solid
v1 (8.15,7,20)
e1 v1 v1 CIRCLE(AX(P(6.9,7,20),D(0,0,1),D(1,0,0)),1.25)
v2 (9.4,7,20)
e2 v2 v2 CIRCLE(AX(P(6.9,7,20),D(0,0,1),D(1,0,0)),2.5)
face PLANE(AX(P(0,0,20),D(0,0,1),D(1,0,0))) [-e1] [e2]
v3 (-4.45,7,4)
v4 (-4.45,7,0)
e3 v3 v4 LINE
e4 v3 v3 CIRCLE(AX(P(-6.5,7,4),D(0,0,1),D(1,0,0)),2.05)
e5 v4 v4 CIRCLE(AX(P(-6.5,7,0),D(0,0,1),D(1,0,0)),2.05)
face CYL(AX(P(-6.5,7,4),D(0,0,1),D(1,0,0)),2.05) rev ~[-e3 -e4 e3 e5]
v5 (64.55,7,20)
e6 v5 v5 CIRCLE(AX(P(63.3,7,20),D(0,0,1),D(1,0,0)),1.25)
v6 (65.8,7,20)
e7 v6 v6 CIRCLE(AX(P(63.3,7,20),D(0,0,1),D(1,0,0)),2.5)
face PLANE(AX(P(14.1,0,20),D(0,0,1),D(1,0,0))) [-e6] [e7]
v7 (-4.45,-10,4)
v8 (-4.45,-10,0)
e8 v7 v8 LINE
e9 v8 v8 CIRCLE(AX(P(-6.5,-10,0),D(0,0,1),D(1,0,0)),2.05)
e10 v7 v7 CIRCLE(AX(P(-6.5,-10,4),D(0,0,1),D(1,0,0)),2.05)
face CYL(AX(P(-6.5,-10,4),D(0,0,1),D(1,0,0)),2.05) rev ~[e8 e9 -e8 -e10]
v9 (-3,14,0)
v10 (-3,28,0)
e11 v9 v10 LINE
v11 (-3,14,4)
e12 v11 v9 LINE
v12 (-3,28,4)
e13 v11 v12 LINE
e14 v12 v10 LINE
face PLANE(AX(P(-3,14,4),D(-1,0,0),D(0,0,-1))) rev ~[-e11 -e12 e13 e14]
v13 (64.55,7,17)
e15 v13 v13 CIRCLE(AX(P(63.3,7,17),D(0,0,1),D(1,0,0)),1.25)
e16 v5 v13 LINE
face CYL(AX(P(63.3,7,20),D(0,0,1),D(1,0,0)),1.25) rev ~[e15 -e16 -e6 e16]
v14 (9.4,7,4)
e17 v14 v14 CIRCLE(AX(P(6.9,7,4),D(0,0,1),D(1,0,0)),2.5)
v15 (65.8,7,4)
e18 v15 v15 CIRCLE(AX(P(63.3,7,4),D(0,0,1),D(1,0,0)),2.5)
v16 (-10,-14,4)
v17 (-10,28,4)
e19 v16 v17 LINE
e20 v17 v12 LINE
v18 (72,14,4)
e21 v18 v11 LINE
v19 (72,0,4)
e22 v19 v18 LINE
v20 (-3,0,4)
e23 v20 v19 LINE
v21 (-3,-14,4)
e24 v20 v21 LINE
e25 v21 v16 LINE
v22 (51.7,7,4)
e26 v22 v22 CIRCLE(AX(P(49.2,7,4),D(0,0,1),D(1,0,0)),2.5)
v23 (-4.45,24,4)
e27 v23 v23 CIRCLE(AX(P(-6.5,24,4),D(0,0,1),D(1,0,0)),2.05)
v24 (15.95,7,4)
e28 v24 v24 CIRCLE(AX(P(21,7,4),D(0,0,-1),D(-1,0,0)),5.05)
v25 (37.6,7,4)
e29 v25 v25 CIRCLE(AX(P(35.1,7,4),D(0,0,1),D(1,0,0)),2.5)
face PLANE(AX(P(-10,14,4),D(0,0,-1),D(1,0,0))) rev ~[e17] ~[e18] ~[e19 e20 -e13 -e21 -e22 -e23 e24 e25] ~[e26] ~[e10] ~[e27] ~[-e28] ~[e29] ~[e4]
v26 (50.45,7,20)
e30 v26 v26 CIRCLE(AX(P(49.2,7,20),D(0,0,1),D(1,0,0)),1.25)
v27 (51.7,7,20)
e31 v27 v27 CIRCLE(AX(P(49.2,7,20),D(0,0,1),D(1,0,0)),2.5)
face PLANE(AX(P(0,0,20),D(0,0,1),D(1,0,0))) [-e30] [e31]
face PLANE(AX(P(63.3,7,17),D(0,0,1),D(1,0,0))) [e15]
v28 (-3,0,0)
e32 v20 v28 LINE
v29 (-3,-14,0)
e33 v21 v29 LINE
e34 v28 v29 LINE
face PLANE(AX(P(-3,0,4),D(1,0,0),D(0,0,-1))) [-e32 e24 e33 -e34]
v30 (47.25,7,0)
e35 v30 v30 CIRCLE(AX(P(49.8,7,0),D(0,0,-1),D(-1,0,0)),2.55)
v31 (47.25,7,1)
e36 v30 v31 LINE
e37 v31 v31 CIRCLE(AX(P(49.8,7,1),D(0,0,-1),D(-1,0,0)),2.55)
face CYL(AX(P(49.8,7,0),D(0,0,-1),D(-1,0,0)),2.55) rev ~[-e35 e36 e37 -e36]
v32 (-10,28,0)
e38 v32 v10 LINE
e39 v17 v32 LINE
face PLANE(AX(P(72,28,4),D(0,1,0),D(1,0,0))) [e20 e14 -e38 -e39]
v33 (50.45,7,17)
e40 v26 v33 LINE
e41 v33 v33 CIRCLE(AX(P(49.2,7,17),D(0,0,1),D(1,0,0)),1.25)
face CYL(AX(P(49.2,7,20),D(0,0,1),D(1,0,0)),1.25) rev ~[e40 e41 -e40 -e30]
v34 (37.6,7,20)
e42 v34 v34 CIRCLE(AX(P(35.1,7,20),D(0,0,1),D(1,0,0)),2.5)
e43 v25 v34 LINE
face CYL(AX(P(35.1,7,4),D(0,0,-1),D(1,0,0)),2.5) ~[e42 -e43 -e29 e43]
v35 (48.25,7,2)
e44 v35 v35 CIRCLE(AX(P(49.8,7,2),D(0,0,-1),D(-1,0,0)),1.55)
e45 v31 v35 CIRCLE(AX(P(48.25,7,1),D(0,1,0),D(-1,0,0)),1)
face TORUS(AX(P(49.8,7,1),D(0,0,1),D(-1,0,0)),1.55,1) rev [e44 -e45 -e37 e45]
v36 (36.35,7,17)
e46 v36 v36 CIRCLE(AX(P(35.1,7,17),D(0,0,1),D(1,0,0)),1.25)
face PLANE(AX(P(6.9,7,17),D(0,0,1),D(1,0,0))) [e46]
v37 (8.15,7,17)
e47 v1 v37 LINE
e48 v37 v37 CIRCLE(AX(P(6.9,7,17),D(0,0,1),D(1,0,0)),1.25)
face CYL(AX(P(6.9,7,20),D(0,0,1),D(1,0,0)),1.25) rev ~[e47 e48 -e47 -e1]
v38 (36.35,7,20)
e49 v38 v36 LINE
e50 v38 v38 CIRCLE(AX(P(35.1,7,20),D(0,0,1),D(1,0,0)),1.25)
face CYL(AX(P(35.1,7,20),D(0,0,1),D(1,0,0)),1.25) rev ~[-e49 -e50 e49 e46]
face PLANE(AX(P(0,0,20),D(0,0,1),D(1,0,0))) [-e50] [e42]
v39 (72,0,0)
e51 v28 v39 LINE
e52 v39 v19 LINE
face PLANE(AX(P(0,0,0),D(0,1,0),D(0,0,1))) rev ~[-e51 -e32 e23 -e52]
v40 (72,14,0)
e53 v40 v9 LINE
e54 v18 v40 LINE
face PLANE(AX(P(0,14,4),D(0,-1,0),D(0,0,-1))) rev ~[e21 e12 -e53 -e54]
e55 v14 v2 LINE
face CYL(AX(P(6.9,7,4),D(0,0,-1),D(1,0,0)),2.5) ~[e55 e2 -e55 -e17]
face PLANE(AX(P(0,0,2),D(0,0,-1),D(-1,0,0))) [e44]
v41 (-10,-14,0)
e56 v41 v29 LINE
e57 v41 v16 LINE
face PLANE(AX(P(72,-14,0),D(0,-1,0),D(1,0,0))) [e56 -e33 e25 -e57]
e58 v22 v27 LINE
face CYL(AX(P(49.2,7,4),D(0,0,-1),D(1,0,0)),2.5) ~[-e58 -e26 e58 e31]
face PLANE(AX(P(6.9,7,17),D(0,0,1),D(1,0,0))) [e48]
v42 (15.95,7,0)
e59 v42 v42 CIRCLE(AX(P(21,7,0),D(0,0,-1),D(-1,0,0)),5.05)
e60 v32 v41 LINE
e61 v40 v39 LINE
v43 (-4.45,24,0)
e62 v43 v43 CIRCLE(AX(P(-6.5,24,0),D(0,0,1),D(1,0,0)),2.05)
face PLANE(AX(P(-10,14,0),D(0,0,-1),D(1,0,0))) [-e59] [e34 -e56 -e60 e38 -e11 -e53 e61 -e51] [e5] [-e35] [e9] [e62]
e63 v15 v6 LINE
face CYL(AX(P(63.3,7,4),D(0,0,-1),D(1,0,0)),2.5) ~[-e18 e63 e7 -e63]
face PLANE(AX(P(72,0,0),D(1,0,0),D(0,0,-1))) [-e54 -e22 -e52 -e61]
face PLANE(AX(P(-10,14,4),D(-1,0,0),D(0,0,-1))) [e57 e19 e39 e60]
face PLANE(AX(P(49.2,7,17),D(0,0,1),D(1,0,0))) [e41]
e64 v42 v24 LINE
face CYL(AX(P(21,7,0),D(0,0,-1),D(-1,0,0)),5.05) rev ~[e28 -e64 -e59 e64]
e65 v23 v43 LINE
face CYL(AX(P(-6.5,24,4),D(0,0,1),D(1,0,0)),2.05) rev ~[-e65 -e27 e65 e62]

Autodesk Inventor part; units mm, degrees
ref_plane "YZ Plane" through (0, 0, 0) normal (1, 0, 0) x (0, 1, 0)
ref_plane "XZ Plane" through (0, 0, 0) normal (0, 1, 0) x (-1, 0, 0)
ref_plane "XY Plane" through (0, 0, 0) normal (0, 0, 1) x (1, 0, 0)
sketch "Sketch1" plane through (0, 0, 0) normal (0, 0, 1) x (1, 0, 0)
  line L0 (0, 0) -> (42, 0)
  line L1 (42, 0) -> (42, 14)
  line L2 (42, 14) -> (0, 14)
  line L3 (0, 14) -> (0, 0)
  dimension "d0" = 42
  dimension "d1" = 14
extrude "Extrusion1" add sketch "Sketch1" along normal blind 4
sketch "Sketch2" plane through (0, 0, 4) normal (0, 0, 1) x (1, 0, 0)
  circle A0 centre (21, 7) radius 2.55
  line L0 (42, 14) -> (0, 14) projected
  line L1 (0, 14) -> (0, 0) projected
  circle A1 centre (6.9, 7) radius 2.5
  circle A2 centre (35.1, 7) radius 2.5
  dimension "d35" = 0
  dimension "d4" = 5.1
  dimension "d5" = 42
  dimension "d6" = 14
  dimension "d7" = 7
  dimension "d8" = 21
  dimension "d9" = 5
  dimension "d10" = 5
  dimension "d11" = 14.1
  dimension "d12" = 14.1
extrude "Extrusion2" add sketch "Sketch2" along normal blind 16 contours A1 | A2
extrude "Extrusion3" cut sketch "Sketch2" against normal blind 4 contours A0
sketch "Sketch3" plane through (6.9, 7, 20) normal (0, 0, 1) x (1, 0, 0)
  circle A0 centre (0, 0) radius 1.25
  circle A1 centre (28.2, 0) radius 2.5 projected
  circle A2 centre (28.2, 0) radius 1.25
  point P0 (-6.9, -7)
  dimension "d19" = 2.5
  dimension "d20" = 2.5
extrude "Extrusion4" cut sketch "Sketch3" against normal blind 3 contours A0 | A2
sketch "Sketch4" plane through (0, 0, 0) normal (0, 0, -1) x (-1, 0, 0)
  circle A0 centre (-21, 7) radius 2.55 projected
  circle A1 centre (-49.8, 7) radius 2.55
  point P0 (0, 0)
  dimension "d23" = 5.1
  dimension "d24" = 28.8
sketch "Sketch5" plane through (42, 0, 0) normal (1, 0, 0) x (0, 0, -1)
  line L0 (0, 0) -> (-4, 0) projected
  line L1 (-4, 14) -> (0, 14)
  line L2 (0, 14) -> (0, 0)
  line L3 (0, 0) -> (-4, 0)
  line L4 (-4, 0) -> (-4, 14)
extrude "Extrusion5" add sketch "Sketch5" along normal blind 30
extrude "Extrusion6" cut sketch "Sketch4" against normal blind 2 contours A1
sketch "Sketch6" plane through (0, 0, 0) normal (0, 0, -1) x (-1, 0, 0)
  circle A0 centre (-21, 7) radius 2.55 projected
  circle A1 centre (-21, 7) radius 5.05
  point P0 (0, 0)
  dimension "d29" = 10.1
extrude "Extrusion7" cut sketch "Sketch6" against normal through all
sketch "Sketch7" plane through (0, 0, 4) normal (0, 0, 1) x (1, 0, 0)
  circle A0 centre (35.1, 7) radius 2.5 projected
  circle A1 centre (49.2, 7) radius 2.5
  point P0 (0, 0)
  dimension "d32" = 5
  dimension "d33" = 14.1
extrude "Extrusion8" add sketch "Sketch7" along normal blind 16 contours A1
fillet "Fillet3" radius 1 1 edges at (52.35, 7, 2)
sketch "Sketch8" plane through (49.2, 7, 20) normal (0, 0, 1) x (1, 0, 0)
  circle A0 centre (0, 0) radius 1.25
  point P0 (-49.2, -7)
  dimension "d37" = 2.5
extrude "Extrusion9" cut sketch "Sketch8" against normal blind 3
pattern_linear "Rectangular Pattern1" count 2 spacing 14.1 along (1, 0, 0) of "Extrusion8", "Extrusion9"
sketch "Sketch9" plane through (0, 0, 0) normal (-1, 0, 0) x (0, 0, 1)
  line L0 (4, 14) -> (4, 0) projected
  line L1 (0, 0) -> (4, 0)
  line L2 (4, 0) -> (4, 14)
  line L3 (4, 14) -> (0, 14)
  line L4 (0, 14) -> (0, 0)
extrude "Extrusion10" add sketch "Sketch9" along normal blind 10
sketch "Sketch10" plane through (72, 0, 0) normal (0, -1, 0) x (1, 0, 0)
  line L0 (0, 4) -> (-82, 4) projected
  line L1 (-82, 0) -> (0, 0) projected
  line L2 (-82, 4) -> (-75, 4)
  line L3 (-75, 4) -> (-75, 0)
  line L4 (-75, 0) -> (-82, 0)
  line L5 (-82, 0) -> (-82, 4)
  point P0 (-72, 0)
  dimension "d46" = 7
extrude "Extrusion11" add sketch "Sketch10" along normal blind 14
sketch "Sketch11" plane through (72, 14, 4) normal (0, 1, 0) x (1, 0, 0)
  line L0 (-82, 0) -> (-82, 4) projected
  line L1 (-82, 4) -> (-75, 4) projected
  line L2 (-82, 0) -> (-75, 0)
  line L3 (-75, 0) -> (-75, 4)
  line L4 (-75, 4) -> (-82, 4)
  line L5 (-82, 4) -> (-82, 0)
  point P0 (-72, 4)
  dimension "d49" = 7
extrude "Extrusion12" add sketch "Sketch11" along normal blind 14
sketch "Sketch12" plane through (0, 0, 4) normal (0, 0, 1) x (1, 0, 0)
  circle A0 centre (-6.5, 24) radius 2.05
  line L0 (-3, 14) -> (-3, 28) projected
  line L1 (-10, 28) -> (-3, 28) projected
  circle A1 centre (-6.5, 7) radius 2.05
  circle A2 centre (-6.5, -10) radius 2.05
  point P0 (0, 0)
  dimension "d52" = 4.1
  dimension "d53" = 3.5
  dimension "d54" = 4
  dimension "d57" = 17
extrude "Extrusion13" cut sketch "Sketch12" against normal through all
equation "\"d7\" = 0.5 * d6"
equation "\"d8\" = 0.5 * d5"
properties part number "Kroller Holder"
